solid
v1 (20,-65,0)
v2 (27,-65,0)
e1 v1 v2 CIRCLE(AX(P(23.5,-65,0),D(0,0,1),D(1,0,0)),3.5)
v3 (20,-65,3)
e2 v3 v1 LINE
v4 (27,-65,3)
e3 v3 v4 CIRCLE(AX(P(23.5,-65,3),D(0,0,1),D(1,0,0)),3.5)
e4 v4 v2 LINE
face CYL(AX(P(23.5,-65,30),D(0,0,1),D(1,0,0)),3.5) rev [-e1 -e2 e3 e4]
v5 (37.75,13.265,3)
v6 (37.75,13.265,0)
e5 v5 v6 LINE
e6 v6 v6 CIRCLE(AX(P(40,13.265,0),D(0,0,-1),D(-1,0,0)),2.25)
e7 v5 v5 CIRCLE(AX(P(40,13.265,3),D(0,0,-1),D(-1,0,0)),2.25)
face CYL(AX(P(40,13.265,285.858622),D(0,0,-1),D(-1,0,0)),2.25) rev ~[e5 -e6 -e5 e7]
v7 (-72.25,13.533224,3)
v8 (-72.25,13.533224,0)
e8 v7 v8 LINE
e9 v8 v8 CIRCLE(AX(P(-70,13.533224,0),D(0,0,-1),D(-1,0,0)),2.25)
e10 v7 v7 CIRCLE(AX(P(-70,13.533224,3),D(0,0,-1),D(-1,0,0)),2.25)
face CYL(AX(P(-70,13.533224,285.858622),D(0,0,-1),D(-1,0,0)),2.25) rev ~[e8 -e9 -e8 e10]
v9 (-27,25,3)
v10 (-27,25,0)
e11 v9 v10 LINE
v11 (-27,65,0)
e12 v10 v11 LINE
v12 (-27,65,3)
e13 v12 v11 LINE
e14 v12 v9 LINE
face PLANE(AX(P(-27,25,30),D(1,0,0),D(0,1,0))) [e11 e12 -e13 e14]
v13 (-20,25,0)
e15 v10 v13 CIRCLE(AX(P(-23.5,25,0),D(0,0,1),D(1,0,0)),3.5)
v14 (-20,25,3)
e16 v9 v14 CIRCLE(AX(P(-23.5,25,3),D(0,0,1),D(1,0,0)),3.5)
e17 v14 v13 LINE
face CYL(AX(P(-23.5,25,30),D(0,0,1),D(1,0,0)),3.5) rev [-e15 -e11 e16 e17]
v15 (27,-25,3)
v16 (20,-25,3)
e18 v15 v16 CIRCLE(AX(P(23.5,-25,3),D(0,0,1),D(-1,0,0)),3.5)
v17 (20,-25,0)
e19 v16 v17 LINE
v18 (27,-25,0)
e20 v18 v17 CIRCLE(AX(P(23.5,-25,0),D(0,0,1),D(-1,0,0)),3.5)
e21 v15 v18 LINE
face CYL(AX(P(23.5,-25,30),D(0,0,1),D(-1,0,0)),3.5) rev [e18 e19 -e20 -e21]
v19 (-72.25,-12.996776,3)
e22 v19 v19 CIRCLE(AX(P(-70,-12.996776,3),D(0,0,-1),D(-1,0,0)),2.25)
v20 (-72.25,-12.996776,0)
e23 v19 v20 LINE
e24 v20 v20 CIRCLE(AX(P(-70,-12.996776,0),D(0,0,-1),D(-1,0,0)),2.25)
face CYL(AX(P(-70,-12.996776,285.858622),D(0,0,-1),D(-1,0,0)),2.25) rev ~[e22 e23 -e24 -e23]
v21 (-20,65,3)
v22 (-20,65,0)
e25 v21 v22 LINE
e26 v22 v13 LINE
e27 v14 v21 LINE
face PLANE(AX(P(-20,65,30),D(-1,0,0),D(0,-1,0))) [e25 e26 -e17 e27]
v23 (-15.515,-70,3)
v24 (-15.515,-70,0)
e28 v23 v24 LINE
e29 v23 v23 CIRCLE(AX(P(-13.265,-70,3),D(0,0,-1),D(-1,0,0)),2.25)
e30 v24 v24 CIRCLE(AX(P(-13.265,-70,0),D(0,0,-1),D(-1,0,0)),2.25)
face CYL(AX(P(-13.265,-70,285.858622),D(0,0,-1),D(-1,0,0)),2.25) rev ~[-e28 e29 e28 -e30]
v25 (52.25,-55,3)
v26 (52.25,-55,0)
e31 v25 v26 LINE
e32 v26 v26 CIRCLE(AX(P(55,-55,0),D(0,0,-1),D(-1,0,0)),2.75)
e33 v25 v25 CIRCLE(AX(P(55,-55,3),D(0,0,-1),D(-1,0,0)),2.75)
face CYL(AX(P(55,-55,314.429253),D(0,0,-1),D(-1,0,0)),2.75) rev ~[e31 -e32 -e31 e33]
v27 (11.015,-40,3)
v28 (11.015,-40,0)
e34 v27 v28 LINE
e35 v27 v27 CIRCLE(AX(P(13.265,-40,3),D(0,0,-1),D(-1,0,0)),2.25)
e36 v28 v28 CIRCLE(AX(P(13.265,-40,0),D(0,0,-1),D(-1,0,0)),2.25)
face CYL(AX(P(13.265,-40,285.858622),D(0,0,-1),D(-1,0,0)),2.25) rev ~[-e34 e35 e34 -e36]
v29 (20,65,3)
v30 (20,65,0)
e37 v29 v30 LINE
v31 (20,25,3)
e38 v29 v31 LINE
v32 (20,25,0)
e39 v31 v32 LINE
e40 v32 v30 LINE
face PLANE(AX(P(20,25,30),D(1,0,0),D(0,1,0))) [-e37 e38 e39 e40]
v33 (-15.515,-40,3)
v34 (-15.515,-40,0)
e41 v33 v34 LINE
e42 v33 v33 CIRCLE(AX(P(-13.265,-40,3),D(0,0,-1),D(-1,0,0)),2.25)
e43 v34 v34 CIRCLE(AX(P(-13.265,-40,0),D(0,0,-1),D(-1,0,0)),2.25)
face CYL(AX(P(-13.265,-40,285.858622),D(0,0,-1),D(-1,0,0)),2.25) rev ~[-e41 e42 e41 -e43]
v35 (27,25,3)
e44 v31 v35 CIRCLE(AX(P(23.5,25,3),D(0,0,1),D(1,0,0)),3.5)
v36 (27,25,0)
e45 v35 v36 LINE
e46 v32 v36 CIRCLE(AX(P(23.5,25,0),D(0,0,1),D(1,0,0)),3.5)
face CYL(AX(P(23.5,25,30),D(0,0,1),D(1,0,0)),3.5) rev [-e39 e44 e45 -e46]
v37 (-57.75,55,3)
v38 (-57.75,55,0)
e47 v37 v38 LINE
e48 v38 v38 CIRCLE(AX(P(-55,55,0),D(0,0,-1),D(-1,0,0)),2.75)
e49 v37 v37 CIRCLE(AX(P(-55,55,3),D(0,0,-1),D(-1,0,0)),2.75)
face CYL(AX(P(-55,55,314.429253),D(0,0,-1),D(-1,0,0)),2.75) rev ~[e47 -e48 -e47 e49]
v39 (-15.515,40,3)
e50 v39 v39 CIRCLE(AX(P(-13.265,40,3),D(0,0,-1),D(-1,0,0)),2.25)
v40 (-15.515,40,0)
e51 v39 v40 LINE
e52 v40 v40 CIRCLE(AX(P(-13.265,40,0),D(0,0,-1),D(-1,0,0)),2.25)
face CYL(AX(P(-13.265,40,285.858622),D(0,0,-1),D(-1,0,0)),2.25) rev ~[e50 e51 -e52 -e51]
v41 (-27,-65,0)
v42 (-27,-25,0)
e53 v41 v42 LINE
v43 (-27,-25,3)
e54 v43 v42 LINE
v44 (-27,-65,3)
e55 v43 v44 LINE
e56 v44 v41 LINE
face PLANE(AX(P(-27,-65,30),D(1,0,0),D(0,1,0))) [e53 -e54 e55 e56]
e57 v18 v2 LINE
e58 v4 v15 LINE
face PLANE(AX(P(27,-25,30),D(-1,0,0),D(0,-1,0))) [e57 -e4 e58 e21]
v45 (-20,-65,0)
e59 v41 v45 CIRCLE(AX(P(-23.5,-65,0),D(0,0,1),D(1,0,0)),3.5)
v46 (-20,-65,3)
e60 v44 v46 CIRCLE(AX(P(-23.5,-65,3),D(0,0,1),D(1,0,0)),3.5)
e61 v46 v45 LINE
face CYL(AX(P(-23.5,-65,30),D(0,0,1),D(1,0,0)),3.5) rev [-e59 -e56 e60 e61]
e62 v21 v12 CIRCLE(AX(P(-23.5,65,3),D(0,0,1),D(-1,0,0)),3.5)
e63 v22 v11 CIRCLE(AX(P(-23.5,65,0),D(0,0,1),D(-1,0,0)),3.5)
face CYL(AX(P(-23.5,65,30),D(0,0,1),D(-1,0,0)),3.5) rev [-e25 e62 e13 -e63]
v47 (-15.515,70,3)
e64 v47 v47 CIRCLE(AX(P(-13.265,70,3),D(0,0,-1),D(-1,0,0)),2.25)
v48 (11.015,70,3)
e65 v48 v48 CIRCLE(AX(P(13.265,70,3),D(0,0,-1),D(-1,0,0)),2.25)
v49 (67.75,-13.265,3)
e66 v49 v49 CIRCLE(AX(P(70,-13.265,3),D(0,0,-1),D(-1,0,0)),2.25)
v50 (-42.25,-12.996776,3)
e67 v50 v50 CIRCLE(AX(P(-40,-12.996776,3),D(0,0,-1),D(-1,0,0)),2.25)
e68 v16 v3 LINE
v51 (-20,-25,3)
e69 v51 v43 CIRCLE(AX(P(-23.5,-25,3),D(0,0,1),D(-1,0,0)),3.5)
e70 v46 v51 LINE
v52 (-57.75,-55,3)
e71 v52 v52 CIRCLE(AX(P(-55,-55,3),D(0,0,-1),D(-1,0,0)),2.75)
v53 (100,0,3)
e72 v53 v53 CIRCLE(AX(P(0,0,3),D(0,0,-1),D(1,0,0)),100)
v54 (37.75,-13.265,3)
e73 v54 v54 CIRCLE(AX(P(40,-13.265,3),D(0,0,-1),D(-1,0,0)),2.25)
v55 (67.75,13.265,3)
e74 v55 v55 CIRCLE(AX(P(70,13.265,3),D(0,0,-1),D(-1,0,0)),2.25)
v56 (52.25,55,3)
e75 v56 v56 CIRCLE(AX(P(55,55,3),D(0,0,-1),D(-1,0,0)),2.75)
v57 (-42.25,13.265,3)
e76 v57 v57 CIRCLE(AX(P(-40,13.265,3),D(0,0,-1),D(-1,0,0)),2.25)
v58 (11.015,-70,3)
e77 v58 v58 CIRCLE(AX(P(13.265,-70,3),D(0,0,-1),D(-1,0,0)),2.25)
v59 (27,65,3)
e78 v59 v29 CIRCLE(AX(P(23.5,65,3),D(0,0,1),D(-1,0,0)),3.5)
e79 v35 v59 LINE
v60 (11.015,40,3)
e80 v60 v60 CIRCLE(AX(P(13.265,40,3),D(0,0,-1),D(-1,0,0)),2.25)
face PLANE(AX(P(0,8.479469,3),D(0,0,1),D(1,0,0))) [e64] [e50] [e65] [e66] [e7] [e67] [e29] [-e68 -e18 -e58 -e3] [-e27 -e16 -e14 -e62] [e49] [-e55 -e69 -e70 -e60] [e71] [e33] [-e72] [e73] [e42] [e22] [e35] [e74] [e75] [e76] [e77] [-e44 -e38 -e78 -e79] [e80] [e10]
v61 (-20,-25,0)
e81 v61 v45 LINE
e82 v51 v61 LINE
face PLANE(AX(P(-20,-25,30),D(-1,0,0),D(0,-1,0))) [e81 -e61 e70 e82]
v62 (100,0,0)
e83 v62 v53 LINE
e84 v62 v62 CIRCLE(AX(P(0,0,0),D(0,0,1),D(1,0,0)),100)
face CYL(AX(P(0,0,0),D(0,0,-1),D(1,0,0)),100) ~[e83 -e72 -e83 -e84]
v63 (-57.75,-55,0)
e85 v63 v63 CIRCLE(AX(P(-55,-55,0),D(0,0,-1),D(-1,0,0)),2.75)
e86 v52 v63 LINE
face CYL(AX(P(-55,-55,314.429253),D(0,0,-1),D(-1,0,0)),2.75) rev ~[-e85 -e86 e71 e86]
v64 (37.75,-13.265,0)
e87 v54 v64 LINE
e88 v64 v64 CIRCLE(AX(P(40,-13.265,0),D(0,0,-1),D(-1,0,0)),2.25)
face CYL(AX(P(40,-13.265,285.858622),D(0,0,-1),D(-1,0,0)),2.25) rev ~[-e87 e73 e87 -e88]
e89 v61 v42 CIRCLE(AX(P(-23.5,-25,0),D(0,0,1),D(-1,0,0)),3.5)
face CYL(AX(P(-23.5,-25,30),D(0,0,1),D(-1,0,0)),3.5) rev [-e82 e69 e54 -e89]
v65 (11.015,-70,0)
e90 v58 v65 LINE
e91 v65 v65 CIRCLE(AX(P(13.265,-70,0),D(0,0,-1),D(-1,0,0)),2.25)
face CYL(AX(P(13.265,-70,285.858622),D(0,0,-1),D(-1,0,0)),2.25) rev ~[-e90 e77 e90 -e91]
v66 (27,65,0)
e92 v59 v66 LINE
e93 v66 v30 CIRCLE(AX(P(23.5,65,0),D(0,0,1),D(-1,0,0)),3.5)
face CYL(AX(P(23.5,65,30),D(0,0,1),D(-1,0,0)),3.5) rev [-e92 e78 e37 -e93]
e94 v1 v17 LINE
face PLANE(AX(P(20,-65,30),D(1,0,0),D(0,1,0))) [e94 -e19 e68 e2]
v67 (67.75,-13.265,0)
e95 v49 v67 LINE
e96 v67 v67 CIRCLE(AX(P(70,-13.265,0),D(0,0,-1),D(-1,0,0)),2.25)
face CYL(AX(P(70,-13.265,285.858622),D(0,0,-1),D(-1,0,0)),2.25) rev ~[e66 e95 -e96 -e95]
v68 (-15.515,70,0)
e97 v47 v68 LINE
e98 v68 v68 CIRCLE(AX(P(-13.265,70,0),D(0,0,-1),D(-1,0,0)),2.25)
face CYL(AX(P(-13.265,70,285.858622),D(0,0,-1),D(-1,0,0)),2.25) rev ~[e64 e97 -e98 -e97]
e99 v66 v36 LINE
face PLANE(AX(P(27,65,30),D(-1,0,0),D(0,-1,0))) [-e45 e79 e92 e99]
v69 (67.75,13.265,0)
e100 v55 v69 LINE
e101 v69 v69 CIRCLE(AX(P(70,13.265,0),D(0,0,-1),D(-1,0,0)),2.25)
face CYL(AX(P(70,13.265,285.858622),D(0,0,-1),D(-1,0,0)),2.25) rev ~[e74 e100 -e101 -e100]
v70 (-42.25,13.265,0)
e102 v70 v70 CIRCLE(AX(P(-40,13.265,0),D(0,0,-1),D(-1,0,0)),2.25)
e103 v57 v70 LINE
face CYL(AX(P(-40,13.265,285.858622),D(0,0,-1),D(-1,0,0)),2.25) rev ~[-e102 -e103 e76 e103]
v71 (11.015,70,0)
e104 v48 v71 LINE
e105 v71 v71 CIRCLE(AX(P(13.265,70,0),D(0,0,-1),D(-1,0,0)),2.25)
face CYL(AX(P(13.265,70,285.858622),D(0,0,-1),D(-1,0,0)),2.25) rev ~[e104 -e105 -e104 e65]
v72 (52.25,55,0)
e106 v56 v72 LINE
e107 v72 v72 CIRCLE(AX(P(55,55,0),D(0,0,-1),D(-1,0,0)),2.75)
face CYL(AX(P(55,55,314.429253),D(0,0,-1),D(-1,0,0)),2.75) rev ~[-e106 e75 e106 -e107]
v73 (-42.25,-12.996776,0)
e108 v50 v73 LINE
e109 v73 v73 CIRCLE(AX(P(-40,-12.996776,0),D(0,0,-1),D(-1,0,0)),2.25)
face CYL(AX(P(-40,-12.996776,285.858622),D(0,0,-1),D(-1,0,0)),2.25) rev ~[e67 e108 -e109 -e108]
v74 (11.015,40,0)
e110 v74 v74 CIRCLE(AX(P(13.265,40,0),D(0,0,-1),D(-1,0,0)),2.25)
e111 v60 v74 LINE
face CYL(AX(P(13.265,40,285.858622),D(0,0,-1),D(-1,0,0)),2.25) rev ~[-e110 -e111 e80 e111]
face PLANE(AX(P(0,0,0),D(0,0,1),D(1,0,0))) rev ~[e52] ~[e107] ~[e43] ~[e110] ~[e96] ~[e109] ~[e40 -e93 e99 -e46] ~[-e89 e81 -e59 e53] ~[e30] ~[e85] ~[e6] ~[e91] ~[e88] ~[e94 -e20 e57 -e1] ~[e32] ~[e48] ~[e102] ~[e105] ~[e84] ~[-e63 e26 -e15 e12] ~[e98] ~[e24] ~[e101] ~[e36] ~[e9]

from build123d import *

# Parameters (mm, degrees)
IZIM1_R                     = 100
Y_KSEKLIK_EKSTR_ZYON1_DEPTH = 30
KES_EKSTR_ZYON1_DEPTH       = 145.568322948
M5_BO_LUKLU_DELIK2_D        = 5.5
IZIM20_R                    = 183.537558205
KES_EKSTR_ZYON2_DEPTH       = 27
M4_BO_LUKLU_DELIK1_D        = 4.5
M4_BO_LUKLU_DELIK2_D        = 4.5


with BuildPart() as part:
    # Çizim1 → Yükseklik-Ekstrüzyon1 (new body)
    with BuildSketch(Plane.XY):
        Circle(IZIM1_R)
    extrude(amount=Y_KSEKLIK_EKSTR_ZYON1_DEPTH)

    # Çizim9 → Kes-Ekstrüzyon1 (cut, through all)
    with BuildSketch(Plane.XY.offset(30)):
        with BuildLine():
            Line((27, 65), (27, 25))
            ThreePointArc((27, 25), (23.5, 21.5), (20, 25))
            Line((20, 25), (20, 65))
            ThreePointArc((20, 65), (23.5, 68.5), (27, 65))
        make_face()
        with BuildLine():
            Line((-20, 65), (-20, 25))
            ThreePointArc((-20, 25), (-23.5, 21.5), (-27, 25))
            Line((-27, 25), (-27, 65))
            ThreePointArc((-27, 65), (-23.5, 68.5), (-20, 65))
        make_face()
        with BuildLine():
            Line((-20, -25), (-20, -65))
            ThreePointArc((-20, -65), (-23.5, -68.5), (-27, -65))
            Line((-27, -65), (-27, -25))
            ThreePointArc((-27, -25), (-23.5, -21.5), (-20, -25))
        make_face()
        with BuildLine():
            Line((20, -65), (20, -25))
            ThreePointArc((20, -25), (23.5, -21.5), (27, -25))
            Line((27, -25), (27, -65))
            ThreePointArc((27, -65), (23.5, -68.5), (20, -65))
        make_face()
    extrude(amount=-KES_EKSTR_ZYON1_DEPTH, mode=Mode.SUBTRACT)

    # M5 Boşluklu Delik2 (through all)
    with Locations(Plane.XY.offset(30)):
        with Locations((-55, 55), (55, 55), (55, -55), (-55, -55)):
            Hole(M5_BO_LUKLU_DELIK2_D / 2)

    # Çizim20 → Kes-Ekstrüzyon2 (cut)
    with BuildSketch(Plane.XY.offset(30)):
        with Locations((0, 8.479468632)):
            Circle(IZIM20_R)
    extrude(amount=-KES_EKSTR_ZYON2_DEPTH, mode=Mode.SUBTRACT)

    # M4 Boşluklu Delik1 (through all)
    with Locations(Plane.XY.offset(3)):
        with Locations((-13.265, 40), (-13.265, 70), (13.265, 70), (13.265, 40)):
            Hole(M4_BO_LUKLU_DELIK1_D / 2)

    # M4 Boşluklu Delik2 (through all)
    with Locations(Plane.XY.offset(3)):
        with Locations((40, 13.265), (70, 13.265), (70, -13.265), (40, -13.265), (-40, -12.99677614), (-40, 13.265), (-70, 13.53322386), (-70, -12.99677614), (-13.265, -40), (13.265, -40), (13.265, -70), (-13.265, -70)):
            Hole(M4_BO_LUKLU_DELIK2_D / 2)


solid = part.part
